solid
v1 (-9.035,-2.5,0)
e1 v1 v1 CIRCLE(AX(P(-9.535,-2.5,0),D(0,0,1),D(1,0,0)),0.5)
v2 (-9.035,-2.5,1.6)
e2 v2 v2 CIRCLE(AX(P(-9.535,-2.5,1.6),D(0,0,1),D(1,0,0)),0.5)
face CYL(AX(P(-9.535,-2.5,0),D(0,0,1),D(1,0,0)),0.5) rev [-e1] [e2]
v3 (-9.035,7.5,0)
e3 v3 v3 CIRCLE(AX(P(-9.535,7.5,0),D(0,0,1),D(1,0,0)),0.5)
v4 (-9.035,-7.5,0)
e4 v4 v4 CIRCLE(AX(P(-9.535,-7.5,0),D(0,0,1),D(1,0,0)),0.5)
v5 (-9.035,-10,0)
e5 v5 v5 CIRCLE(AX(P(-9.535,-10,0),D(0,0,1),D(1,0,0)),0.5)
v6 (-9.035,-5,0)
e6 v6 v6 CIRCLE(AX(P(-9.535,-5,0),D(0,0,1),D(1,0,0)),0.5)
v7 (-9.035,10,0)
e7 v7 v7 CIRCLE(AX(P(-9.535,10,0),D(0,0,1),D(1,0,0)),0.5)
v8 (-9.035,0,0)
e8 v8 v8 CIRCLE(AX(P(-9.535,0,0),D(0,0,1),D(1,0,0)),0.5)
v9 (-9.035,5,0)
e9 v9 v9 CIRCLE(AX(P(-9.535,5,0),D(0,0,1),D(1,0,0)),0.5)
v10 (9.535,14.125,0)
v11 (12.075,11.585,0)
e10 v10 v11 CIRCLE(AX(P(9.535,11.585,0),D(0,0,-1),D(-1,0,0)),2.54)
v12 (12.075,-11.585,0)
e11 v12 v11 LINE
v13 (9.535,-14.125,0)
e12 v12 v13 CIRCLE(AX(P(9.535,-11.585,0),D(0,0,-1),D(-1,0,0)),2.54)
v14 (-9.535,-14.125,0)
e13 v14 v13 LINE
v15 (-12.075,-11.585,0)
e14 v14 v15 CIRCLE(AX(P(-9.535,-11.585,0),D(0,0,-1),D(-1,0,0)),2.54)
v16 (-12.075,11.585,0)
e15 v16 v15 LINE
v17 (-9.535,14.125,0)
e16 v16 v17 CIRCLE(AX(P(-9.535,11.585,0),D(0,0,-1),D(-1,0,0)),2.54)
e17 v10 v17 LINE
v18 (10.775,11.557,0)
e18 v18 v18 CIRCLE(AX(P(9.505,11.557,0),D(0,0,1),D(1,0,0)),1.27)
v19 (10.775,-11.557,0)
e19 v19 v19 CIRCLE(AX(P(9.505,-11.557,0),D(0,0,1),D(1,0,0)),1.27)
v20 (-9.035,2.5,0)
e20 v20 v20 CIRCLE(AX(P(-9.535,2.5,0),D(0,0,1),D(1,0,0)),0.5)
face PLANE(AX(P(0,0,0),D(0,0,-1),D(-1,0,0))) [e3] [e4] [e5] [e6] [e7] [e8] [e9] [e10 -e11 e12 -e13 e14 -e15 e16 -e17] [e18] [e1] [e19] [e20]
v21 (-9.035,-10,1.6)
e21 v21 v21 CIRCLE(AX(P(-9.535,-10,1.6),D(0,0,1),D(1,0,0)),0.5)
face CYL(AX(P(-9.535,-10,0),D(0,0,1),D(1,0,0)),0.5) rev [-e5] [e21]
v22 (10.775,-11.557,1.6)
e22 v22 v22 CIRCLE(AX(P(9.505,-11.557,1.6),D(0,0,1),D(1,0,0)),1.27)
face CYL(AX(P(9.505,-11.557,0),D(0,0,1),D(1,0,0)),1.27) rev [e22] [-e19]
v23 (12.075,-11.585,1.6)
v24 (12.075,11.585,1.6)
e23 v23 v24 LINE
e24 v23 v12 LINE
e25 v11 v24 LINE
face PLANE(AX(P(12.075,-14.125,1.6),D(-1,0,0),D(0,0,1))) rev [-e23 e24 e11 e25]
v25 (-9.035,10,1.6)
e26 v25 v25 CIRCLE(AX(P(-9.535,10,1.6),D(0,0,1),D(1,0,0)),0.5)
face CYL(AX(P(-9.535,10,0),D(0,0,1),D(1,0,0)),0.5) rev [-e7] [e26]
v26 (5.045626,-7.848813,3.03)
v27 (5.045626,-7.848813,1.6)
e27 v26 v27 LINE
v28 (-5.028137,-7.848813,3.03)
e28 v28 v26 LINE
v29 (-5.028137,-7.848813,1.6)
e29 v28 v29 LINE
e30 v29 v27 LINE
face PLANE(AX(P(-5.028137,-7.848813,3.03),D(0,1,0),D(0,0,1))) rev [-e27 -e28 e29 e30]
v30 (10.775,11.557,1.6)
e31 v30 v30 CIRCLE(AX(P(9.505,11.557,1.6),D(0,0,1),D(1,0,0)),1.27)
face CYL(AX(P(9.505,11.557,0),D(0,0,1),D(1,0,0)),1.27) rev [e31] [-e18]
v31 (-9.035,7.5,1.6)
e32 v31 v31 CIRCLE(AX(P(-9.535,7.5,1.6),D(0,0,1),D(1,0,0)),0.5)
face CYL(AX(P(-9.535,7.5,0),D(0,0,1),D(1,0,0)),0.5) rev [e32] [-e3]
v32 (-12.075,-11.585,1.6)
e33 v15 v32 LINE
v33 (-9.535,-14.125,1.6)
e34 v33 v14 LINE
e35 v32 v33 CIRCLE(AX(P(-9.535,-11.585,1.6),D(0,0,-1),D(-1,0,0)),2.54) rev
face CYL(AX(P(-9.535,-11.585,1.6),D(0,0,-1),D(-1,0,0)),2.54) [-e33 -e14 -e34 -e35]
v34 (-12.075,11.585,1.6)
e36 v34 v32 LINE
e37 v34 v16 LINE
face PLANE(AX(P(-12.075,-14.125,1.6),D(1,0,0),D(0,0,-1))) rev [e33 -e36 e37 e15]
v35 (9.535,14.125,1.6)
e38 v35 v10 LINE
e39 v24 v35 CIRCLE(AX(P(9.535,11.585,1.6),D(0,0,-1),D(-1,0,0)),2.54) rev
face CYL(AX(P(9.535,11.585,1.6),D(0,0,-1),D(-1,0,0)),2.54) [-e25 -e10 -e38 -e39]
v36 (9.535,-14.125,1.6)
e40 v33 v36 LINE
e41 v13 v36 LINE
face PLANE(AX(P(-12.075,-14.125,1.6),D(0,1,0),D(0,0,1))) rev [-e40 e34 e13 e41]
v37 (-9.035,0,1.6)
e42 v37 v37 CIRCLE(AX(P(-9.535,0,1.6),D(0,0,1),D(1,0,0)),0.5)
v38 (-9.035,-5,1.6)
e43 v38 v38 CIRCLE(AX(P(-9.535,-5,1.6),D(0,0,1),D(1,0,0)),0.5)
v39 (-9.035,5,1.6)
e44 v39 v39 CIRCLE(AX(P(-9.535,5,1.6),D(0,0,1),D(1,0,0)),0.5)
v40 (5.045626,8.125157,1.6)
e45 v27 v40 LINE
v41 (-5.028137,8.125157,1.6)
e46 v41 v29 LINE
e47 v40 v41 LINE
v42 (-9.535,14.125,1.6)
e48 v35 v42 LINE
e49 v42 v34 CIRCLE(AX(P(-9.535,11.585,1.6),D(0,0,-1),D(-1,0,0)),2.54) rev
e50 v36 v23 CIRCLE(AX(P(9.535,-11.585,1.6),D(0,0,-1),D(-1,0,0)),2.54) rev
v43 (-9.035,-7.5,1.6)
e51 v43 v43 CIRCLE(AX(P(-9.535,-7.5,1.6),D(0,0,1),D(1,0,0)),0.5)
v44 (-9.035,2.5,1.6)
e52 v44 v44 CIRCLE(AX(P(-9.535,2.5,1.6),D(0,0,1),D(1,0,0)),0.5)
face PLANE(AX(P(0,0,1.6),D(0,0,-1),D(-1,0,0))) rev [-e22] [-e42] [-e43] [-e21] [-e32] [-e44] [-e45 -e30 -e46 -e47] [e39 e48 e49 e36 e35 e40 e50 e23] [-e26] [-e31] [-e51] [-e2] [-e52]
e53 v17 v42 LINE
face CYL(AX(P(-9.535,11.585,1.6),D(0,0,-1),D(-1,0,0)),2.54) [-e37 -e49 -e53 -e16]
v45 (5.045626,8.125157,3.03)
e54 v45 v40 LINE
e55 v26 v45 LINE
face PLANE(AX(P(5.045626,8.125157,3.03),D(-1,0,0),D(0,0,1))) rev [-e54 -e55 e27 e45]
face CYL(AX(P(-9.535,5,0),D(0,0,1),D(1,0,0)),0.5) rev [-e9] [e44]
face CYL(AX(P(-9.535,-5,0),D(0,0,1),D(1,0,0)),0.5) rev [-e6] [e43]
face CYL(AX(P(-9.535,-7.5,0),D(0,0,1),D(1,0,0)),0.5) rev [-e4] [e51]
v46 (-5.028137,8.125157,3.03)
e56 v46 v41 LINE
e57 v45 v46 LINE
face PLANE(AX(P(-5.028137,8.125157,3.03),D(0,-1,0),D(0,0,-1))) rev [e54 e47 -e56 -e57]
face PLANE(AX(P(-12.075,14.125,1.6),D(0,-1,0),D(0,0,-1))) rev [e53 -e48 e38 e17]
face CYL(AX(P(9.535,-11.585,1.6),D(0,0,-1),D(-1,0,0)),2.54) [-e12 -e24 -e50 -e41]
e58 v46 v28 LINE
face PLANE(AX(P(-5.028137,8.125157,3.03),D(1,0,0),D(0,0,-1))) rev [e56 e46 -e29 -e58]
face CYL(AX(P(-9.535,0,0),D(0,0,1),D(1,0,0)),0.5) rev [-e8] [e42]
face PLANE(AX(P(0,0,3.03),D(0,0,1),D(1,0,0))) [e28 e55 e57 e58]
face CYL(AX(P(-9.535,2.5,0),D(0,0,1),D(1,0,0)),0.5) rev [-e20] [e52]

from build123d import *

# Parameters (mm, degrees)
SKETCH1_W           = 24.15
SKETCH1_H           = 28.25
BOSS_EXTRUDE1_DEPTH = 1.6
SKETCH2_R           = 1.27
CUT_EXTRUDE1_DEPTH  = 19.651575001
FILLET1_R           = 2.54
SKETCH3_R           = 0.5
CUT_EXTRUDE2_DEPTH  = 19.651575001
LPATTERN1_COUNT     = 5
LPATTERN1_PITCH     = 2.5
LPATTERN1_COL_COUNT = 5
LPATTERN1_COL_PITCH = 2.5
SKETCH4_W           = 10.07376305
SKETCH4_H           = 15.97396984
BOSS_EXTRUDE2_DEPTH = 1.43


with BuildPart() as part:
    # Sketch1 → Boss-Extrude1 (new body)
    with BuildSketch(Plane.XY):
        Rectangle(SKETCH1_W, SKETCH1_H)
    extrude(amount=BOSS_EXTRUDE1_DEPTH)

    # Sketch2 → Cut-Extrude1 (cut, through all)
    with BuildSketch(Plane.XY.offset(1.6)):
        with Locations((9.505, 11.557)):
            Circle(SKETCH2_R)
        with Locations((9.505, -11.557)):
            Circle(SKETCH2_R)
    extrude(amount=-CUT_EXTRUDE1_DEPTH, mode=Mode.SUBTRACT)

    # Fillet1
    fillet1_edges = [part.edges().sort_by_distance(p)[0] for p in [
        (12.075, -14.125, 0.8),
        (-12.075, -14.125, 0.8),
        (-12.075, 14.125, 0.8),
        (12.075, 14.125, 0.8),
    ]]
    fillet(fillet1_edges, radius=FILLET1_R)

    # Sketch3 → Cut-Extrude2 (cut, through all)
    with BuildSketch(Plane.XY.offset(1.6)):
        with Locations((-9.535, 0)):
            Circle(SKETCH3_R)
    cut_extrude2 = extrude(amount=-CUT_EXTRUDE2_DEPTH, mode=Mode.SUBTRACT)

    # LPattern1: Cut-Extrude2 ×5
    with Locations(*[(0, -i * LPATTERN1_PITCH, 0) for i in range(1, LPATTERN1_COUNT)]):
        add(cut_extrude2, mode=Mode.SUBTRACT)

    # LPattern1 col: Cut-Extrude2 ×5
    with Locations(*[(0, i * LPATTERN1_COL_PITCH, 0) for i in range(1, LPATTERN1_COL_COUNT)]):
        add(cut_extrude2, mode=Mode.SUBTRACT)

    # Sketch4 → Boss-Extrude2 (add)
    with BuildSketch(Plane.XY.offset(1.6)):
        with Locations((0.008744266, 0.138172191)):
            Rectangle(SKETCH4_W, SKETCH4_H)
    extrude(amount=BOSS_EXTRUDE2_DEPTH)


solid = part.part
